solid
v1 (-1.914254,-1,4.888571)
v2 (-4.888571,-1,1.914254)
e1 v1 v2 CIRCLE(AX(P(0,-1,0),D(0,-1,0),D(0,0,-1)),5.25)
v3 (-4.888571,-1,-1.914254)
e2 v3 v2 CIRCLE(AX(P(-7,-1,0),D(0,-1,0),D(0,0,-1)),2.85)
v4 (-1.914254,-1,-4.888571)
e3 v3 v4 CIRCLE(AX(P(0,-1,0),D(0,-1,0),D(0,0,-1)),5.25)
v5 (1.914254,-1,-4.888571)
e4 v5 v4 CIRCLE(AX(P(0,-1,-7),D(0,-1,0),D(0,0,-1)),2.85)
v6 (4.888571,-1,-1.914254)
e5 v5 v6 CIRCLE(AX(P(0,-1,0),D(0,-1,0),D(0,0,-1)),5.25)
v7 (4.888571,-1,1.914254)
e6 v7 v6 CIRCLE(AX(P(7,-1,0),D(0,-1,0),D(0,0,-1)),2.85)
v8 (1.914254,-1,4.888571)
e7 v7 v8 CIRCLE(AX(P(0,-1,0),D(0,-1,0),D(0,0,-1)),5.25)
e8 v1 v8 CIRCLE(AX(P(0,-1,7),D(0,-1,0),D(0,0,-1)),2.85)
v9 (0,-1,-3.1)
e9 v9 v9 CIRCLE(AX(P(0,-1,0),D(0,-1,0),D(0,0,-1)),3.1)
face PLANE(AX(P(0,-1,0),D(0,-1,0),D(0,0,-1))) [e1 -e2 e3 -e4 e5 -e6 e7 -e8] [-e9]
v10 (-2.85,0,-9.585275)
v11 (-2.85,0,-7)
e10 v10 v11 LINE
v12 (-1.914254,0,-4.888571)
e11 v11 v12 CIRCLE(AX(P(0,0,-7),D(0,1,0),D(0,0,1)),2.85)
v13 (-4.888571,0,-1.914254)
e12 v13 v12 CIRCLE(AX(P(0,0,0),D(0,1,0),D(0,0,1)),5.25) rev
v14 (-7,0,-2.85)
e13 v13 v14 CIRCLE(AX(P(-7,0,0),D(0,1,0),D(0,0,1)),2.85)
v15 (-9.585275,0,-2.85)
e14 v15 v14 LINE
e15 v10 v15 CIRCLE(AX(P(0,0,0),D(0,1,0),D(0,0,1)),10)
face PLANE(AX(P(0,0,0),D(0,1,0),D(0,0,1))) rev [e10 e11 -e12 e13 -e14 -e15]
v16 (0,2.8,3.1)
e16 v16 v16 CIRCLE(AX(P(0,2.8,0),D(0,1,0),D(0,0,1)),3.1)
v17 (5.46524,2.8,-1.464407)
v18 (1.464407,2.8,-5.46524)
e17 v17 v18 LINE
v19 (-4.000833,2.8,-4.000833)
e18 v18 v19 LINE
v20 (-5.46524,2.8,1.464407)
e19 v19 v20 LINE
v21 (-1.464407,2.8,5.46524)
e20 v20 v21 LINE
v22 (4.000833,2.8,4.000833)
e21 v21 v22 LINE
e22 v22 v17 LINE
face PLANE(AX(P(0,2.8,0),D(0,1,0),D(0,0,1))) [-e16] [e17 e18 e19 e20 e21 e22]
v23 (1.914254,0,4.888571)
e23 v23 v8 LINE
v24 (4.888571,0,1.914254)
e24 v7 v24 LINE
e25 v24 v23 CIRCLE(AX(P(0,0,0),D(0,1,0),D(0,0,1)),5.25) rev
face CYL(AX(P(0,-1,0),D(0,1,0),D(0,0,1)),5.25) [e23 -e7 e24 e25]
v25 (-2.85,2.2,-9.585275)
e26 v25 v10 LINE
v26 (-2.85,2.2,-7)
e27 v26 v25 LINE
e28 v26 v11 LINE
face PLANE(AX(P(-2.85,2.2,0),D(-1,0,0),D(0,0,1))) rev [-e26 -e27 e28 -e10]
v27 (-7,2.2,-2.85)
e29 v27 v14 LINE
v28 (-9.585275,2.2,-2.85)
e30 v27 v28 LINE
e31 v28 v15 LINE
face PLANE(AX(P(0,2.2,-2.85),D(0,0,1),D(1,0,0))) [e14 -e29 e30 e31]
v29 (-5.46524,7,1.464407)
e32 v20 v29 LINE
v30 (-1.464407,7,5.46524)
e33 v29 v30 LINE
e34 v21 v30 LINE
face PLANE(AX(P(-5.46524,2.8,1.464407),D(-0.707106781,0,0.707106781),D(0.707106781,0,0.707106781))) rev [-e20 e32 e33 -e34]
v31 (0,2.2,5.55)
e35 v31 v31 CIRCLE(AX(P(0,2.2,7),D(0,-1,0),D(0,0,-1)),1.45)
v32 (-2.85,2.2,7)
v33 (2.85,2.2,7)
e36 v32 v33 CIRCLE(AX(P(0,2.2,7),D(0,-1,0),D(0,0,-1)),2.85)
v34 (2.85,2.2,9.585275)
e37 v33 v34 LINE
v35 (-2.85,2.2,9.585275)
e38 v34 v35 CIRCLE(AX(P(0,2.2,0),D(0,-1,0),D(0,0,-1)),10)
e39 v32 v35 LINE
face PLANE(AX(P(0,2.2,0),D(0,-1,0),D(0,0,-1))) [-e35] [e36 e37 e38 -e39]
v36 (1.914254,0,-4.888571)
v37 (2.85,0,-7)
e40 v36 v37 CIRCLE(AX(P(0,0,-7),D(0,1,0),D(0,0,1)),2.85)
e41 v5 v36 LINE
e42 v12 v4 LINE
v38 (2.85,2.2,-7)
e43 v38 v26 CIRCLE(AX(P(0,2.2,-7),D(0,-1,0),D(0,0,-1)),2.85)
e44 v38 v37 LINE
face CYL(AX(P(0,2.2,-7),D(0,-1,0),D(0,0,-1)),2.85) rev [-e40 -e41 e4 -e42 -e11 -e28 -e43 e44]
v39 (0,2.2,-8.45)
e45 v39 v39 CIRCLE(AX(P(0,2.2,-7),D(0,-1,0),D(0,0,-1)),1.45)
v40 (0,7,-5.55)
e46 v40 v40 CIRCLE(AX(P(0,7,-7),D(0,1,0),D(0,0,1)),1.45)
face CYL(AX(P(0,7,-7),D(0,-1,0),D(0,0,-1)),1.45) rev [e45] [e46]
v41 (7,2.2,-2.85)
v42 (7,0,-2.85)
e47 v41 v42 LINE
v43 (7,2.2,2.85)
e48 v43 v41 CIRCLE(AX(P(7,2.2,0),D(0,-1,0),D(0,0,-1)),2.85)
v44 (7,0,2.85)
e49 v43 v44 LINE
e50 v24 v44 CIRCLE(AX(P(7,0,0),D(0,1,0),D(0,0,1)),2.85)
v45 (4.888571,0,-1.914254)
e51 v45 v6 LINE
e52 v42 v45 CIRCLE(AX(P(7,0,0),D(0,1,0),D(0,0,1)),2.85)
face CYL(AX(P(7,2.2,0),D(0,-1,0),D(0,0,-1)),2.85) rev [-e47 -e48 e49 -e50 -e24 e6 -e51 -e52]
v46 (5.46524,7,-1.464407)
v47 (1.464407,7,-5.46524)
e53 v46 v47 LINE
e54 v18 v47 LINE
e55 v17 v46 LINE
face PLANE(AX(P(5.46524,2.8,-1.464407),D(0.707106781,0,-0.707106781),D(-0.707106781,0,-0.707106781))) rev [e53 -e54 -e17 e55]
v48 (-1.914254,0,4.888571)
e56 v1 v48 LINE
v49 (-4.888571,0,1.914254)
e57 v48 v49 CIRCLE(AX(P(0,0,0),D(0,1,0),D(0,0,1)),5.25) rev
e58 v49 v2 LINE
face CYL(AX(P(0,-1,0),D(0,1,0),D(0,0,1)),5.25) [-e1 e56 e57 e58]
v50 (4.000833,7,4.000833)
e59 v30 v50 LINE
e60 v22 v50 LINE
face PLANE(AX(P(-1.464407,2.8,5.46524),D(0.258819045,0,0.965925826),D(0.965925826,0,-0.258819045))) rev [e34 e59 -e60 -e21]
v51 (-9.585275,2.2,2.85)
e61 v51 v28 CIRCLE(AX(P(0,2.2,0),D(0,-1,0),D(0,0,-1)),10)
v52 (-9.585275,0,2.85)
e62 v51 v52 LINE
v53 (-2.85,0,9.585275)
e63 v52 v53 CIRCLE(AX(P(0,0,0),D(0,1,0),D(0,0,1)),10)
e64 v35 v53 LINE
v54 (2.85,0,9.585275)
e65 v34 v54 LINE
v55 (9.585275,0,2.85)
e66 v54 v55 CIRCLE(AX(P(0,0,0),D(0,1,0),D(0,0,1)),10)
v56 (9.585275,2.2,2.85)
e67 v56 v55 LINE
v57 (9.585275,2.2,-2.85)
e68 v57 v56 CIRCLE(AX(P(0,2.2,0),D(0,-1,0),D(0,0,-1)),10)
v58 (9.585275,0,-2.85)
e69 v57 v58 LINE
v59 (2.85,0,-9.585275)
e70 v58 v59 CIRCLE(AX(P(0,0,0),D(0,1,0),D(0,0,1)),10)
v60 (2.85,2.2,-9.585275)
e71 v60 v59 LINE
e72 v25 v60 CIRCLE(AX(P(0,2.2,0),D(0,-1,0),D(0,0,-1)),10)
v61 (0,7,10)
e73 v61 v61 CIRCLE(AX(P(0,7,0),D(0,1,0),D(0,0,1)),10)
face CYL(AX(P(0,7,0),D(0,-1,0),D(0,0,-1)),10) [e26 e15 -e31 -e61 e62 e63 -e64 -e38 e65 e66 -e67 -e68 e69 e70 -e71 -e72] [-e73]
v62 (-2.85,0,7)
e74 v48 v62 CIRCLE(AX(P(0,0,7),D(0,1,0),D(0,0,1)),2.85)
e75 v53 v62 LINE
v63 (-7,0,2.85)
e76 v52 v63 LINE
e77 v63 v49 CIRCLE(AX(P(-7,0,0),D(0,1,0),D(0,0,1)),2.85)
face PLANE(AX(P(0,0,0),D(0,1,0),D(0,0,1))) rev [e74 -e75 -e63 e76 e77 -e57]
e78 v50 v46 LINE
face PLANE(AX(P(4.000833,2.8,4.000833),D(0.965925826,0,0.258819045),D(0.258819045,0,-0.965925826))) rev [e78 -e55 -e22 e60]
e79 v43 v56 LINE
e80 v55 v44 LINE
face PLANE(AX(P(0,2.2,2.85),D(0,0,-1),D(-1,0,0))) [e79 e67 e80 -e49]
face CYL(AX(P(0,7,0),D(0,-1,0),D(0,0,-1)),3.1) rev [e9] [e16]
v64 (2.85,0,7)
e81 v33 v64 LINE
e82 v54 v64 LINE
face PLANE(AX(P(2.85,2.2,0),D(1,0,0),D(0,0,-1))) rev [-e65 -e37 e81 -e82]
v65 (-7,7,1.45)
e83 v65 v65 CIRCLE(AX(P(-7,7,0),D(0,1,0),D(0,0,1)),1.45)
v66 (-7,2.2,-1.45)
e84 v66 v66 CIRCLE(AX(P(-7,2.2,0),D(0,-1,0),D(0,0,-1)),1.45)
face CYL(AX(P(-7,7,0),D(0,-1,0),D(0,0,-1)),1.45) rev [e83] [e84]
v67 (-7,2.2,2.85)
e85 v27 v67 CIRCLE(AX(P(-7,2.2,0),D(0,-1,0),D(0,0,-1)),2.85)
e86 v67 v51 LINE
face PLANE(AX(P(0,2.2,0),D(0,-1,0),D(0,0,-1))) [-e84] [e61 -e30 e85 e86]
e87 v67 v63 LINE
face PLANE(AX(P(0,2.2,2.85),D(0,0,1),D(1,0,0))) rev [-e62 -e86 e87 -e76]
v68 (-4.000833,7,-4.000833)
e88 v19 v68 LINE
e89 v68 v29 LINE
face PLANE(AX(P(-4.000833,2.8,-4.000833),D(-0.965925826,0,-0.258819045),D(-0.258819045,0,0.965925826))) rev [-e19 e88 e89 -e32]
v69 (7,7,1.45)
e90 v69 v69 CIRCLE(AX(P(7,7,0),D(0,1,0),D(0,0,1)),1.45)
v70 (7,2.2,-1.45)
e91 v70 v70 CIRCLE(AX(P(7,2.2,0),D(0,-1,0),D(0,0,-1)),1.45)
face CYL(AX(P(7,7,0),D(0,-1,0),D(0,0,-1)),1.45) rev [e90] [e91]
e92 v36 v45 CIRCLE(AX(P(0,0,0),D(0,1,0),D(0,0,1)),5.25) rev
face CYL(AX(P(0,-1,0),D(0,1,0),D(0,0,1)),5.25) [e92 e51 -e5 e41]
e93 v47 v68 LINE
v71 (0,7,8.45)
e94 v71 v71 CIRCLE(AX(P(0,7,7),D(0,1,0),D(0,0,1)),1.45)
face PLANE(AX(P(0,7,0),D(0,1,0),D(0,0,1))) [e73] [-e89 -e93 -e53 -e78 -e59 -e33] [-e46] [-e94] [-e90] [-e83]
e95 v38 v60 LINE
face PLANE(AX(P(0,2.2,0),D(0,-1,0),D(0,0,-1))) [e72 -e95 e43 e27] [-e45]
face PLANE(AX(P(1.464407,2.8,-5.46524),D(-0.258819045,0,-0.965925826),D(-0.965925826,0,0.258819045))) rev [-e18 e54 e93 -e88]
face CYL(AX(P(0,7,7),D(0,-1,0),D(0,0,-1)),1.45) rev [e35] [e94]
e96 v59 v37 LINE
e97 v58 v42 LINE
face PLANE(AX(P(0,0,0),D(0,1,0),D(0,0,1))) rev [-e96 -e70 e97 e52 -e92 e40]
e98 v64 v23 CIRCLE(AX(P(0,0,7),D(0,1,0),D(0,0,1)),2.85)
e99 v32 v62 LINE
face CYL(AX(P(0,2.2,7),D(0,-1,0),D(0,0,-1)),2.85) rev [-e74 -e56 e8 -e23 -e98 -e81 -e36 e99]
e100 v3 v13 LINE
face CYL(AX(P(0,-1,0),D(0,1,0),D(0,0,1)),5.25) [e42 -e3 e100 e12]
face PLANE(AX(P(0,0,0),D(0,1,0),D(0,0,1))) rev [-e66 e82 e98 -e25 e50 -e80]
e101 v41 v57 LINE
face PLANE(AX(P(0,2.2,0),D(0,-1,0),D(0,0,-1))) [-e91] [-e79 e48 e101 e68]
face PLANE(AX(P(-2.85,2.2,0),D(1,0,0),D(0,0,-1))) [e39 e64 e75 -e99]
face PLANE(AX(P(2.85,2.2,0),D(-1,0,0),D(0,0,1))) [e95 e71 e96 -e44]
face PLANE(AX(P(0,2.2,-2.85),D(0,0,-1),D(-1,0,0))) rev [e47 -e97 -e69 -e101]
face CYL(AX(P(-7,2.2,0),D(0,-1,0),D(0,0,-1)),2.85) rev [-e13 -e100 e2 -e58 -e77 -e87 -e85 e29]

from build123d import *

# Parameters (mm, degrees)
SKETCH1_R           = 10
SKETCH1_R_2         = 3.1
SKETCH1_R_3         = 1.45
BOSS_EXTRUDE1_DEPTH = 7
SKETCH8_R           = 5.25
SKETCH8_R_2         = 3.1
BOSS_EXTRUDE4_DEPTH = 1
CUT_EXTRUDE1_DEPTH  = 3.2
CUT_EXTRUDE2_DEPTH  = 4.2


with BuildPart() as part:
    # Sketch1 → Boss-Extrude1 (new body)
    with BuildSketch(Plane(origin=(0, 0, 0), x_dir=(1, 0, 0), z_dir=(0, 1, 0))):
        Circle(SKETCH1_R)
        Circle(SKETCH1_R_2, mode=Mode.SUBTRACT)
        with Locations((0, 7)):
            Circle(SKETCH1_R_3, mode=Mode.SUBTRACT)
        with Locations((7, 0)):
            Circle(SKETCH1_R_3, mode=Mode.SUBTRACT)
        with Locations((0, -7)):
            Circle(SKETCH1_R_3, mode=Mode.SUBTRACT)
        with Locations((-7, 0)):
            Circle(SKETCH1_R_3, mode=Mode.SUBTRACT)
    extrude(amount=BOSS_EXTRUDE1_DEPTH)

    # Sketch8 → Boss-Extrude4 (add)
    with BuildSketch(Plane.XZ):
        Circle(SKETCH8_R)
        Circle(SKETCH8_R_2, mode=Mode.SUBTRACT)
    extrude(amount=BOSS_EXTRUDE4_DEPTH)

    # Sketch9 → Cut-Extrude1 (cut)
    with BuildSketch(Plane.XZ.offset(1)):
        with BuildLine():
            Line((-7, 2.85), (-9.585275166, 2.85))
            ThreePointArc((-9.585275166, 2.85), (-10, 0), (-9.585275166, -2.85))
            Line((-9.585275166, -2.85), (-7, -2.85))
            ThreePointArc((-7, -2.85), (-5.845254282, -2.605582915), (-4.888571429, -1.914254264))
            ThreePointArc((-4.888571429, -1.914254264), (-5.25, 0), (-4.888571429, 1.914254264))
            ThreePointArc((-4.888571429, 1.914254264), (-5.845254282, 2.605582915), (-7, 2.85))
        make_face()
        with BuildLine():
            Line((-2.85, 9.585275166), (-2.85, 7))
            ThreePointArc((-2.85, 7), (-2.605582915, 5.845254282), (-1.914254264, 4.888571429))
            ThreePointArc((-1.914254264, 4.888571429), (0, 5.25), (1.914254264, 4.888571429))
            ThreePointArc((1.914254264, 4.888571429), (2.605582915, 5.845254282), (2.85, 7))
            Line((2.85, 7), (2.85, 9.585275166))
            ThreePointArc((2.85, 9.585275166), (0, 10), (-2.85, 9.585275166))
        make_face()
        with BuildLine():
            ThreePointArc((10, 0), (9.895775656, 1.440008393), (9.585275166, 2.85))
            Line((9.585275166, 2.85), (7, 2.85))
            ThreePointArc((7, 2.85), (5.845254282, 2.605582915), (4.888571429, 1.914254264))
            ThreePointArc((4.888571429, 1.914254264), (5.158851616, 0.974037987), (5.25, 0))
            ThreePointArc((5.25, 0), (5.158851616, -0.974037987), (4.888571429, -1.914254264))
            ThreePointArc((4.888571429, -1.914254264), (5.845254282, -2.605582915), (7, -2.85))
            Line((7, -2.85), (9.585275166, -2.85))
            ThreePointArc((9.585275166, -2.85), (9.895775656, -1.440008393), (10, 0))
        make_face()
        with BuildLine():
            Line((-2.85, -7), (-2.85, -9.585275166))
            ThreePointArc((-2.85, -9.585275166), (0, -10), (2.85, -9.585275166))
            Line((2.85, -9.585275166), (2.85, -7))
            ThreePointArc((2.85, -7), (2.605582915, -5.845254282), (1.914254264, -4.888571429))
            ThreePointArc((1.914254264, -4.888571429), (0, -5.25), (-1.914254264, -4.888571429))
            ThreePointArc((-1.914254264, -4.888571429), (-2.605582915, -5.845254282), (-2.85, -7))
        make_face()
        with BuildLine():
            ThreePointArc((-4.888571429, -1.914254264), (-4.15, 0), (-4.888571429, 1.914254264))
            ThreePointArc((-4.888571429, 1.914254264), (-5.25, 0), (-4.888571429, -1.914254264))
        make_face()
        with BuildLine():
            ThreePointArc((1.914254264, 4.888571429), (0, 5.25), (-1.914254264, 4.888571429))
            ThreePointArc((-1.914254264, 4.888571429), (0, 4.15), (1.914254264, 4.888571429))
        make_face()
        with BuildLine():
            ThreePointArc((5.25, 0), (5.158851616, 0.974037987), (4.888571429, 1.914254264))
            ThreePointArc((4.888571429, 1.914254264), (4.15, 0), (4.888571429, -1.914254264))
            ThreePointArc((4.888571429, -1.914254264), (5.158851616, -0.974037987), (5.25, 0))
        make_face()
        with BuildLine():
            ThreePointArc((1.914254264, -4.888571429), (0, -4.15), (-1.914254264, -4.888571429))
            ThreePointArc((-1.914254264, -4.888571429), (0, -5.25), (1.914254264, -4.888571429))
        make_face()
    extrude(amount=-CUT_EXTRUDE1_DEPTH, mode=Mode.SUBTRACT)

    # Sketch10 → Cut-Extrude2 (cut)
    with BuildSketch(Plane(origin=(0, 7, 0), x_dir=(1, 0, 0), z_dir=(0, 1, 0))):
        Polygon((1.464406605, 5.465239851), (-4.000833247, 4.000833247), (-5.465239851, -1.464406605), (-1.464406605, -5.465239851), (4.000833247, -4.000833247), (5.465239851, 1.464406605), align=None)
    extrude(amount=-CUT_EXTRUDE2_DEPTH, mode=Mode.SUBTRACT)


solid = part.part
